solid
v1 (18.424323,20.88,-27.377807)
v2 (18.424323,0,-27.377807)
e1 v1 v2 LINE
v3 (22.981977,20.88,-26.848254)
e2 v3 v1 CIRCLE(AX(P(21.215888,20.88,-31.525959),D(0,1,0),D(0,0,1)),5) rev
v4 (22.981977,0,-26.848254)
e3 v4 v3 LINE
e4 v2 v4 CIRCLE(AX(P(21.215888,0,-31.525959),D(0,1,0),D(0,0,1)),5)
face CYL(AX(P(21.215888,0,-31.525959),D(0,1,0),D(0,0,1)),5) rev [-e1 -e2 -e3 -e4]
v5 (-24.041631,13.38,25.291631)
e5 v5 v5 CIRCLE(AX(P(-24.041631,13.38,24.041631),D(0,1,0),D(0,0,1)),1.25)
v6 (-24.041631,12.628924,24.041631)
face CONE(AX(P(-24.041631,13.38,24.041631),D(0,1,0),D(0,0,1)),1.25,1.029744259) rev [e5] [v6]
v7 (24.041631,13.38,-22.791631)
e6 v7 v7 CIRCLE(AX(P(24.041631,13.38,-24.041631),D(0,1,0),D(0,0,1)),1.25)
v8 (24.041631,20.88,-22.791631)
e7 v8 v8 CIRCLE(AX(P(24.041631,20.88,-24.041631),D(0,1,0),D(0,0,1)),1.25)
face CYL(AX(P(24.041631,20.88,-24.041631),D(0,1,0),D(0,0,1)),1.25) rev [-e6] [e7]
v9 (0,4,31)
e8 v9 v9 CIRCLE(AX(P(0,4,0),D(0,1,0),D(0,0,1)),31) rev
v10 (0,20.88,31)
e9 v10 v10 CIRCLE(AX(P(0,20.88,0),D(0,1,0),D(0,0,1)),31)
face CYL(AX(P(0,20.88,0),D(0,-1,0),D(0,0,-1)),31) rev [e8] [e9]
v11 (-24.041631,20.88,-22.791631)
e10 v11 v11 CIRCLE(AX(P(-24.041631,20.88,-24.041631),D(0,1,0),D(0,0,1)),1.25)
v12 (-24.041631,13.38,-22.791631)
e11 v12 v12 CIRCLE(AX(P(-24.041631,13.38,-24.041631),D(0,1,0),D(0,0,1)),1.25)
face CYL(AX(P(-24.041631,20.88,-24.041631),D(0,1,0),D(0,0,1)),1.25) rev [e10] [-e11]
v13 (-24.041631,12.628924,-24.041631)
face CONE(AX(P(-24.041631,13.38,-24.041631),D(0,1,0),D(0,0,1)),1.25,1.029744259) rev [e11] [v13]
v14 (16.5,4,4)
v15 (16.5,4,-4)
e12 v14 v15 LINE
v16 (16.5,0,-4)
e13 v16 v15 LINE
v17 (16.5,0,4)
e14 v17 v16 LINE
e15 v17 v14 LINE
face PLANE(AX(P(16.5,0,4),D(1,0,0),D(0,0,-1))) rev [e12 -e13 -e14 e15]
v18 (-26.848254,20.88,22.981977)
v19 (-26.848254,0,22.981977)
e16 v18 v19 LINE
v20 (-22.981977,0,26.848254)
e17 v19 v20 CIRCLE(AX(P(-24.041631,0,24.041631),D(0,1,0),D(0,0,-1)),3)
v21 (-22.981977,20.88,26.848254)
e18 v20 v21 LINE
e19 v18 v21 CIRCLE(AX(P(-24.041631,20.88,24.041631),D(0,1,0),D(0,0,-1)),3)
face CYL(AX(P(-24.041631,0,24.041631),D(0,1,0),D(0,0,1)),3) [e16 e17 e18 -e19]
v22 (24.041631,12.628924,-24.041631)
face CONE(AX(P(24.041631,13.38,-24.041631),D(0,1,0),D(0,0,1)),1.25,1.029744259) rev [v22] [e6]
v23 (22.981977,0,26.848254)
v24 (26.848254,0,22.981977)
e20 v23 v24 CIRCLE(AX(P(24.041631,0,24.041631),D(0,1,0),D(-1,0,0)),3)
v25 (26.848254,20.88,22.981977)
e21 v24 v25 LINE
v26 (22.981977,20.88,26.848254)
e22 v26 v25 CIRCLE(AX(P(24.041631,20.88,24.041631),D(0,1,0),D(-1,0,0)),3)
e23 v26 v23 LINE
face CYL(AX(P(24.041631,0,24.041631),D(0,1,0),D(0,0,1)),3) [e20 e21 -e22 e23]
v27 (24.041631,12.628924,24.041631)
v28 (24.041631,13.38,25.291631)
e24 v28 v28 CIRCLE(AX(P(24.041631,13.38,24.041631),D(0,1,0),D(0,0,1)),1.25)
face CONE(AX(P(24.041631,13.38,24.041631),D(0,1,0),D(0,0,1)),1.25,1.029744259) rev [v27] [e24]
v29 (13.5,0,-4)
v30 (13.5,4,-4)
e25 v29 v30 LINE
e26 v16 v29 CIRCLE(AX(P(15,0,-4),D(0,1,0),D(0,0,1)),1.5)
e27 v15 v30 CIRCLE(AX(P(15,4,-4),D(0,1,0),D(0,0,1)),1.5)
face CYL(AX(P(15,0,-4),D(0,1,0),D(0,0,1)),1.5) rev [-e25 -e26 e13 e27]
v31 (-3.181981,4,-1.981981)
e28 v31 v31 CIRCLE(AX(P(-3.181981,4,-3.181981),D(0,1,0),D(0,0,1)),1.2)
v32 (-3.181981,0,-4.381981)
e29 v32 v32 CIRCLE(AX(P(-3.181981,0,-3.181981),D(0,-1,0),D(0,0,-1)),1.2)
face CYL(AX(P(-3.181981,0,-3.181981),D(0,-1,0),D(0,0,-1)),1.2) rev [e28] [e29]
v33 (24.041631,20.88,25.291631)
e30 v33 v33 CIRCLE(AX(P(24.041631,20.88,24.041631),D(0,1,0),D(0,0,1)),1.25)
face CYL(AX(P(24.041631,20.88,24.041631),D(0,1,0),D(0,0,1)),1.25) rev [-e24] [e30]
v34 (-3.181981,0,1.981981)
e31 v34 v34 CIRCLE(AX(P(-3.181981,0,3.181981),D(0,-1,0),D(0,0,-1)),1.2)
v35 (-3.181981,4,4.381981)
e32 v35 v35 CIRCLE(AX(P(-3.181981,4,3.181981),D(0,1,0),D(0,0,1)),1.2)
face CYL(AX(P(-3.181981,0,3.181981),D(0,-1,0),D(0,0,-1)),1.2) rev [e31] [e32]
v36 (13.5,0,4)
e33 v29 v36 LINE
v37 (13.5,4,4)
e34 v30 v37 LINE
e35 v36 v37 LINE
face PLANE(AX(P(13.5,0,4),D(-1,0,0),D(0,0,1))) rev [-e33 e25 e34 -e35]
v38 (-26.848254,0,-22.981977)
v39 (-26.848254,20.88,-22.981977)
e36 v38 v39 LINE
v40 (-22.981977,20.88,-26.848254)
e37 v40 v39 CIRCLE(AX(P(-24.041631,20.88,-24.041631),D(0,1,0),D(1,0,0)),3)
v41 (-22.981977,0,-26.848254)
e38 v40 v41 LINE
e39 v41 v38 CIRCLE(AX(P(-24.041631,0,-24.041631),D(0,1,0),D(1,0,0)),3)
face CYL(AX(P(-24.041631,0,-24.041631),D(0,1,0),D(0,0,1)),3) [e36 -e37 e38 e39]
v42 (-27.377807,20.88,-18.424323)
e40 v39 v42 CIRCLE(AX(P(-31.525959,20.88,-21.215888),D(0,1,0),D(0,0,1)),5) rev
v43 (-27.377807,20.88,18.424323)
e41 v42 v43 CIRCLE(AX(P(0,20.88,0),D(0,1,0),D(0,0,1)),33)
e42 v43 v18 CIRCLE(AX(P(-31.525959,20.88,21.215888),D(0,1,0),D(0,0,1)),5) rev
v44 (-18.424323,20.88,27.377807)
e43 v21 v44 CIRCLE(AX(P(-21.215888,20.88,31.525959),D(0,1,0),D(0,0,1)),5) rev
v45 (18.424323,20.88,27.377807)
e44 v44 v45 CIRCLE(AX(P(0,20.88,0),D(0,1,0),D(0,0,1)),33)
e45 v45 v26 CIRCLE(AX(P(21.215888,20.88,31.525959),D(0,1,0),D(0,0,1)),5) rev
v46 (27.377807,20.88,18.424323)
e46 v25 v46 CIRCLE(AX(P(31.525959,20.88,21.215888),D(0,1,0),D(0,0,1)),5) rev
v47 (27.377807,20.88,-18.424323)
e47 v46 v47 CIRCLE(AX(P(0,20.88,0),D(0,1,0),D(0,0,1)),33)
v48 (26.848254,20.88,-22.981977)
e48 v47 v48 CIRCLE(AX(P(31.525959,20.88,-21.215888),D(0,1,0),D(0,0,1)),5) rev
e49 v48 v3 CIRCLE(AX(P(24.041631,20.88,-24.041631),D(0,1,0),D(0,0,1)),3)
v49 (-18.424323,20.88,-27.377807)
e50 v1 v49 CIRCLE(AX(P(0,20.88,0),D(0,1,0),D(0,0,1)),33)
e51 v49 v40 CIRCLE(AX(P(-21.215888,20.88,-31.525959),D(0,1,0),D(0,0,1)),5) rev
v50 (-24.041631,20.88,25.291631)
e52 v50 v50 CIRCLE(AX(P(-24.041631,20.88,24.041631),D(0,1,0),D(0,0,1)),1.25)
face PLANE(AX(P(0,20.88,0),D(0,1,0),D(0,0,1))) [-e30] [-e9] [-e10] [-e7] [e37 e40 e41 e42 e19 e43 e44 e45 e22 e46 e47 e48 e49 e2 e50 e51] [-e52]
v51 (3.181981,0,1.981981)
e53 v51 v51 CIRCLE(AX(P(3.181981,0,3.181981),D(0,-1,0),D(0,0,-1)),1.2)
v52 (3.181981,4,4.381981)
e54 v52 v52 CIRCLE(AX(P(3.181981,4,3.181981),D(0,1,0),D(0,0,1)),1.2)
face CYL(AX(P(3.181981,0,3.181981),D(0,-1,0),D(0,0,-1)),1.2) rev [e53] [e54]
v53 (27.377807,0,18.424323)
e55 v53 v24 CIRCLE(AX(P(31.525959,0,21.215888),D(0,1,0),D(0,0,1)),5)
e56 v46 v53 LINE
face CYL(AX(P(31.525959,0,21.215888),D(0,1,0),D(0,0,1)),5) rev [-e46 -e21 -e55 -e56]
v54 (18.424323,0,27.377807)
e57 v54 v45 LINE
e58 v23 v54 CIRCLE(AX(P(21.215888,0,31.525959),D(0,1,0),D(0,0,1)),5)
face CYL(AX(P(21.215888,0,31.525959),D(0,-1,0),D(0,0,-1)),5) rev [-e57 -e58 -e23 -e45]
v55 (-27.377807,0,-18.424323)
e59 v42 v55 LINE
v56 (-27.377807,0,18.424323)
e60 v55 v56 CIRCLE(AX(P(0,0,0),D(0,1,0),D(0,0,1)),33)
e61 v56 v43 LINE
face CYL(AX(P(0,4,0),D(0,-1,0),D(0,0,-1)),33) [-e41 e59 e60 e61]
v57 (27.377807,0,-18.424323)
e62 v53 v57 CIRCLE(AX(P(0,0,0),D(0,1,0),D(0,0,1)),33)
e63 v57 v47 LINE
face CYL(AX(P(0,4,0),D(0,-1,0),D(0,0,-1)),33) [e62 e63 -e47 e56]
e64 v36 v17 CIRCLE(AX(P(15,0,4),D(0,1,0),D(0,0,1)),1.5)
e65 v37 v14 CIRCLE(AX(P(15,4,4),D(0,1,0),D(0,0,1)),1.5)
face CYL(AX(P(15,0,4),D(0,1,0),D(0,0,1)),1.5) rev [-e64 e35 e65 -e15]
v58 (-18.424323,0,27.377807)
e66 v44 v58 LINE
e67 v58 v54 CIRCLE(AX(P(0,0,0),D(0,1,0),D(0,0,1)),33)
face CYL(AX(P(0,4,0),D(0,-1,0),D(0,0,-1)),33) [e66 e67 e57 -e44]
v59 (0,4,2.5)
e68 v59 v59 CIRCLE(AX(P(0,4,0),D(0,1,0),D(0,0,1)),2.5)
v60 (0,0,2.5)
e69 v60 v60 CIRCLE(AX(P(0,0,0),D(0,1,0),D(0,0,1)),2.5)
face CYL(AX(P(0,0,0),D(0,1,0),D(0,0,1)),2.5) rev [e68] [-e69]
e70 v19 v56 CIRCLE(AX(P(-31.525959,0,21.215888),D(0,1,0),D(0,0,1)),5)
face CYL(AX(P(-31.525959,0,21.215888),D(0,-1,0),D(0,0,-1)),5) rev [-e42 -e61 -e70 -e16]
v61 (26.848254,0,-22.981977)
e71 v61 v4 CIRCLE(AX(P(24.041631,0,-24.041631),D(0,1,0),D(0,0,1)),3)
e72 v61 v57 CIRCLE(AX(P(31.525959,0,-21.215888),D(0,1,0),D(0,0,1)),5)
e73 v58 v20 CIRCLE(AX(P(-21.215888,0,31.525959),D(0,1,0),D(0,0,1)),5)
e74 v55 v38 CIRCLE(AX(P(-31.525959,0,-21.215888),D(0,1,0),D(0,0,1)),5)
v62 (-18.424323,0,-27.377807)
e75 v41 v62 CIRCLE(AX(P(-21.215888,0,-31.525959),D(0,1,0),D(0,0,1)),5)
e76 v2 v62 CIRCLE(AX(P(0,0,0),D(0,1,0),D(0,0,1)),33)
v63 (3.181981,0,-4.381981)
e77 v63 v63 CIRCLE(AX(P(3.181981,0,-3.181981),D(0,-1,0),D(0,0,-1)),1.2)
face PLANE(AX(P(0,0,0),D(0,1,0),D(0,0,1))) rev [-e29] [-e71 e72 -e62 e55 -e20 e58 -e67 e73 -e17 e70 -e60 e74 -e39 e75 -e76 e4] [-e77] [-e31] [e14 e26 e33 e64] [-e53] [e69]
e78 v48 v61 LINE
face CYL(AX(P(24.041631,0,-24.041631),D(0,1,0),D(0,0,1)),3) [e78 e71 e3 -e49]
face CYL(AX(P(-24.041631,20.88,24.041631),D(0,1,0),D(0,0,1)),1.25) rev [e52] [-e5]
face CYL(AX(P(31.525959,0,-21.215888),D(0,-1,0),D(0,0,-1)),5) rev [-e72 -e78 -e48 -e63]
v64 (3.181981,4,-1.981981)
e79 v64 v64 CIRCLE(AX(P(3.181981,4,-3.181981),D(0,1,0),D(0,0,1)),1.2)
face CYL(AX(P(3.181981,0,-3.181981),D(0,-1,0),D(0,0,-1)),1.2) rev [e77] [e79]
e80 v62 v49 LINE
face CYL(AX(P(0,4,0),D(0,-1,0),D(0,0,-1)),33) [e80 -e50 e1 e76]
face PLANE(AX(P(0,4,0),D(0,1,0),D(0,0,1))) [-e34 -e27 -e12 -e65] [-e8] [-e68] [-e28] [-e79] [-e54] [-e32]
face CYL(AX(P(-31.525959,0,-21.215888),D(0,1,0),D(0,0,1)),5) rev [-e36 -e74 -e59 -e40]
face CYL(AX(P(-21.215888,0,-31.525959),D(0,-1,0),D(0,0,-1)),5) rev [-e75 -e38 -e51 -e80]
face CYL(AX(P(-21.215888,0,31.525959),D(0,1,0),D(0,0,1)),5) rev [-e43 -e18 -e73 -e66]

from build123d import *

# Parameters (mm, degrees)
SKETCH1_R                 = 33
BOSS_EXTRUDE1_DEPTH       = 4
SKETCH2_R                 = 33
SKETCH2_R_2               = 31
BOSS_EXTRUDE2_DEPTH       = 16.88
M2_CLEARANCE_HOLE1_D      = 2.4
SKETCH13_R                = 2.5
CUT_EXTRUDE3_DEPTH        = 5
CUT_EXTRUDE2_DEPTH        = 5
SKETCH15_R                = 3
BOSS_EXTRUDE3_DEPTH       = 20.88
FILLET1_R                 = 5
CIRPATTERN1_COUNT         = 4
FILLET1_OF_CIRPATTERN1_R  = 5
M3X0_5_TAPPED_HOLE1_D     = 2.5
M3X0_5_TAPPED_HOLE1_DEPTH = 7.5
M3X0_5_TAPPED_HOLE1_TIP   = 0.751075774


with BuildPart() as part:
    # Sketch1 → Boss-Extrude1 (new body)
    with BuildSketch(Plane(origin=(0, 0, 0), x_dir=(1, 0, 0), z_dir=(0, 1, 0))):
        Circle(SKETCH1_R)
    extrude(amount=BOSS_EXTRUDE1_DEPTH)

    # Sketch2 → Boss-Extrude2 (add)
    with BuildSketch(Plane(origin=(0, 4, 0), x_dir=(1, 0, 0), z_dir=(0, 1, 0))):
        Circle(SKETCH2_R)
        Circle(SKETCH2_R_2, mode=Mode.SUBTRACT)
    extrude(amount=BOSS_EXTRUDE2_DEPTH)

    # M2 Clearance Hole1 (through all)
    with Locations(Plane(origin=(0, 0, 0), x_dir=(-1, 0, 0), z_dir=(0, -1, 0))):
        with Locations((3.181980515, 3.181980515), (3.181980515, -3.181980515), (-3.181980515, -3.181980515), (-3.181980515, 3.181980515)):
            Hole(M2_CLEARANCE_HOLE1_D / 2)

    # Sketch13 → Cut-Extrude3 (cut, through all)
    with BuildSketch(Plane(origin=(0, 4, 0), x_dir=(1, 0, 0), z_dir=(0, 1, 0))):
        Circle(SKETCH13_R)
    extrude(amount=-CUT_EXTRUDE3_DEPTH, mode=Mode.SUBTRACT)

    # Sketch10 → Cut-Extrude2 (cut, through all)
    with BuildSketch(Plane(origin=(0, 4, 0), x_dir=(1, 0, 0), z_dir=(0, 1, 0))):
        with BuildLine():
            Line((13.5, -4), (13.5, 4))
            ThreePointArc((13.5, 4), (15, 5.5), (16.5, 4))
            Line((16.5, 4), (16.5, -4))
            ThreePointArc((16.5, -4), (15, -5.5), (13.5, -4))
        make_face()
    extrude(amount=-CUT_EXTRUDE2_DEPTH, mode=Mode.SUBTRACT)

    # Sketch15 → Boss-Extrude3 (add, through all)
    with BuildSketch(Plane(origin=(0, 20.88, 0), x_dir=(1, 0, 0), z_dir=(0, 1, 0))):
        with Locations((24.04163056, 24.04163056)):
            Circle(SKETCH15_R)
    boss_extrude3 = extrude(amount=-BOSS_EXTRUDE3_DEPTH)

    # Fillet1
    fillet1_edges = [part.edges().sort_by_distance(p)[0] for p in [
        (25.219946573, 10.44, -21.282722919),
        (21.282722919, 10.44, -25.219946573),
    ]]
    fillet(fillet1_edges, radius=FILLET1_R)

    # CirPattern1: Boss-Extrude3 ×4 about axis
    cirpattern1_axis = Axis((0, 0, 0), (0, 1, 0))
    for i in range(1, CIRPATTERN1_COUNT):
        add(boss_extrude3.rotate(cirpattern1_axis, i * 360 / CIRPATTERN1_COUNT))

    # Fillet1 of CirPattern1
    fillet1_of_cirpattern1_edges = [part.edges().sort_by_distance(p)[0] for p in [
        (-21.282722919, 10.44, -25.219946573),
        (-25.219946573, 10.44, -21.282722919),
        (-25.219946573, 10.44, 21.282722919),
        (-21.282722919, 10.44, 25.219946573),
        (21.282722919, 10.44, 25.219946573),
        (25.219946573, 10.44, 21.282722919),
    ]]
    fillet(fillet1_of_cirpattern1_edges, radius=FILLET1_OF_CIRPATTERN1_R)

    # M3x0.5 Tapped Hole1
    with Locations(Plane(origin=(0, 20.88, 0), x_dir=(1, 0, 0), z_dir=(0, 1, 0))):
        with Locations((24.04163056, -24.04163056), (-24.04163056, -24.04163056), (-24.04163056, 24.04163056), (24.04163056, 24.04163056)):
            Hole(M3X0_5_TAPPED_HOLE1_D / 2, depth=M3X0_5_TAPPED_HOLE1_DEPTH)
            with Locations((0, 0, -(M3X0_5_TAPPED_HOLE1_DEPTH + M3X0_5_TAPPED_HOLE1_TIP / 2))):  # 118° drill point
                Cone(0, M3X0_5_TAPPED_HOLE1_D / 2, M3X0_5_TAPPED_HOLE1_TIP, mode=Mode.SUBTRACT)


solid = part.part
